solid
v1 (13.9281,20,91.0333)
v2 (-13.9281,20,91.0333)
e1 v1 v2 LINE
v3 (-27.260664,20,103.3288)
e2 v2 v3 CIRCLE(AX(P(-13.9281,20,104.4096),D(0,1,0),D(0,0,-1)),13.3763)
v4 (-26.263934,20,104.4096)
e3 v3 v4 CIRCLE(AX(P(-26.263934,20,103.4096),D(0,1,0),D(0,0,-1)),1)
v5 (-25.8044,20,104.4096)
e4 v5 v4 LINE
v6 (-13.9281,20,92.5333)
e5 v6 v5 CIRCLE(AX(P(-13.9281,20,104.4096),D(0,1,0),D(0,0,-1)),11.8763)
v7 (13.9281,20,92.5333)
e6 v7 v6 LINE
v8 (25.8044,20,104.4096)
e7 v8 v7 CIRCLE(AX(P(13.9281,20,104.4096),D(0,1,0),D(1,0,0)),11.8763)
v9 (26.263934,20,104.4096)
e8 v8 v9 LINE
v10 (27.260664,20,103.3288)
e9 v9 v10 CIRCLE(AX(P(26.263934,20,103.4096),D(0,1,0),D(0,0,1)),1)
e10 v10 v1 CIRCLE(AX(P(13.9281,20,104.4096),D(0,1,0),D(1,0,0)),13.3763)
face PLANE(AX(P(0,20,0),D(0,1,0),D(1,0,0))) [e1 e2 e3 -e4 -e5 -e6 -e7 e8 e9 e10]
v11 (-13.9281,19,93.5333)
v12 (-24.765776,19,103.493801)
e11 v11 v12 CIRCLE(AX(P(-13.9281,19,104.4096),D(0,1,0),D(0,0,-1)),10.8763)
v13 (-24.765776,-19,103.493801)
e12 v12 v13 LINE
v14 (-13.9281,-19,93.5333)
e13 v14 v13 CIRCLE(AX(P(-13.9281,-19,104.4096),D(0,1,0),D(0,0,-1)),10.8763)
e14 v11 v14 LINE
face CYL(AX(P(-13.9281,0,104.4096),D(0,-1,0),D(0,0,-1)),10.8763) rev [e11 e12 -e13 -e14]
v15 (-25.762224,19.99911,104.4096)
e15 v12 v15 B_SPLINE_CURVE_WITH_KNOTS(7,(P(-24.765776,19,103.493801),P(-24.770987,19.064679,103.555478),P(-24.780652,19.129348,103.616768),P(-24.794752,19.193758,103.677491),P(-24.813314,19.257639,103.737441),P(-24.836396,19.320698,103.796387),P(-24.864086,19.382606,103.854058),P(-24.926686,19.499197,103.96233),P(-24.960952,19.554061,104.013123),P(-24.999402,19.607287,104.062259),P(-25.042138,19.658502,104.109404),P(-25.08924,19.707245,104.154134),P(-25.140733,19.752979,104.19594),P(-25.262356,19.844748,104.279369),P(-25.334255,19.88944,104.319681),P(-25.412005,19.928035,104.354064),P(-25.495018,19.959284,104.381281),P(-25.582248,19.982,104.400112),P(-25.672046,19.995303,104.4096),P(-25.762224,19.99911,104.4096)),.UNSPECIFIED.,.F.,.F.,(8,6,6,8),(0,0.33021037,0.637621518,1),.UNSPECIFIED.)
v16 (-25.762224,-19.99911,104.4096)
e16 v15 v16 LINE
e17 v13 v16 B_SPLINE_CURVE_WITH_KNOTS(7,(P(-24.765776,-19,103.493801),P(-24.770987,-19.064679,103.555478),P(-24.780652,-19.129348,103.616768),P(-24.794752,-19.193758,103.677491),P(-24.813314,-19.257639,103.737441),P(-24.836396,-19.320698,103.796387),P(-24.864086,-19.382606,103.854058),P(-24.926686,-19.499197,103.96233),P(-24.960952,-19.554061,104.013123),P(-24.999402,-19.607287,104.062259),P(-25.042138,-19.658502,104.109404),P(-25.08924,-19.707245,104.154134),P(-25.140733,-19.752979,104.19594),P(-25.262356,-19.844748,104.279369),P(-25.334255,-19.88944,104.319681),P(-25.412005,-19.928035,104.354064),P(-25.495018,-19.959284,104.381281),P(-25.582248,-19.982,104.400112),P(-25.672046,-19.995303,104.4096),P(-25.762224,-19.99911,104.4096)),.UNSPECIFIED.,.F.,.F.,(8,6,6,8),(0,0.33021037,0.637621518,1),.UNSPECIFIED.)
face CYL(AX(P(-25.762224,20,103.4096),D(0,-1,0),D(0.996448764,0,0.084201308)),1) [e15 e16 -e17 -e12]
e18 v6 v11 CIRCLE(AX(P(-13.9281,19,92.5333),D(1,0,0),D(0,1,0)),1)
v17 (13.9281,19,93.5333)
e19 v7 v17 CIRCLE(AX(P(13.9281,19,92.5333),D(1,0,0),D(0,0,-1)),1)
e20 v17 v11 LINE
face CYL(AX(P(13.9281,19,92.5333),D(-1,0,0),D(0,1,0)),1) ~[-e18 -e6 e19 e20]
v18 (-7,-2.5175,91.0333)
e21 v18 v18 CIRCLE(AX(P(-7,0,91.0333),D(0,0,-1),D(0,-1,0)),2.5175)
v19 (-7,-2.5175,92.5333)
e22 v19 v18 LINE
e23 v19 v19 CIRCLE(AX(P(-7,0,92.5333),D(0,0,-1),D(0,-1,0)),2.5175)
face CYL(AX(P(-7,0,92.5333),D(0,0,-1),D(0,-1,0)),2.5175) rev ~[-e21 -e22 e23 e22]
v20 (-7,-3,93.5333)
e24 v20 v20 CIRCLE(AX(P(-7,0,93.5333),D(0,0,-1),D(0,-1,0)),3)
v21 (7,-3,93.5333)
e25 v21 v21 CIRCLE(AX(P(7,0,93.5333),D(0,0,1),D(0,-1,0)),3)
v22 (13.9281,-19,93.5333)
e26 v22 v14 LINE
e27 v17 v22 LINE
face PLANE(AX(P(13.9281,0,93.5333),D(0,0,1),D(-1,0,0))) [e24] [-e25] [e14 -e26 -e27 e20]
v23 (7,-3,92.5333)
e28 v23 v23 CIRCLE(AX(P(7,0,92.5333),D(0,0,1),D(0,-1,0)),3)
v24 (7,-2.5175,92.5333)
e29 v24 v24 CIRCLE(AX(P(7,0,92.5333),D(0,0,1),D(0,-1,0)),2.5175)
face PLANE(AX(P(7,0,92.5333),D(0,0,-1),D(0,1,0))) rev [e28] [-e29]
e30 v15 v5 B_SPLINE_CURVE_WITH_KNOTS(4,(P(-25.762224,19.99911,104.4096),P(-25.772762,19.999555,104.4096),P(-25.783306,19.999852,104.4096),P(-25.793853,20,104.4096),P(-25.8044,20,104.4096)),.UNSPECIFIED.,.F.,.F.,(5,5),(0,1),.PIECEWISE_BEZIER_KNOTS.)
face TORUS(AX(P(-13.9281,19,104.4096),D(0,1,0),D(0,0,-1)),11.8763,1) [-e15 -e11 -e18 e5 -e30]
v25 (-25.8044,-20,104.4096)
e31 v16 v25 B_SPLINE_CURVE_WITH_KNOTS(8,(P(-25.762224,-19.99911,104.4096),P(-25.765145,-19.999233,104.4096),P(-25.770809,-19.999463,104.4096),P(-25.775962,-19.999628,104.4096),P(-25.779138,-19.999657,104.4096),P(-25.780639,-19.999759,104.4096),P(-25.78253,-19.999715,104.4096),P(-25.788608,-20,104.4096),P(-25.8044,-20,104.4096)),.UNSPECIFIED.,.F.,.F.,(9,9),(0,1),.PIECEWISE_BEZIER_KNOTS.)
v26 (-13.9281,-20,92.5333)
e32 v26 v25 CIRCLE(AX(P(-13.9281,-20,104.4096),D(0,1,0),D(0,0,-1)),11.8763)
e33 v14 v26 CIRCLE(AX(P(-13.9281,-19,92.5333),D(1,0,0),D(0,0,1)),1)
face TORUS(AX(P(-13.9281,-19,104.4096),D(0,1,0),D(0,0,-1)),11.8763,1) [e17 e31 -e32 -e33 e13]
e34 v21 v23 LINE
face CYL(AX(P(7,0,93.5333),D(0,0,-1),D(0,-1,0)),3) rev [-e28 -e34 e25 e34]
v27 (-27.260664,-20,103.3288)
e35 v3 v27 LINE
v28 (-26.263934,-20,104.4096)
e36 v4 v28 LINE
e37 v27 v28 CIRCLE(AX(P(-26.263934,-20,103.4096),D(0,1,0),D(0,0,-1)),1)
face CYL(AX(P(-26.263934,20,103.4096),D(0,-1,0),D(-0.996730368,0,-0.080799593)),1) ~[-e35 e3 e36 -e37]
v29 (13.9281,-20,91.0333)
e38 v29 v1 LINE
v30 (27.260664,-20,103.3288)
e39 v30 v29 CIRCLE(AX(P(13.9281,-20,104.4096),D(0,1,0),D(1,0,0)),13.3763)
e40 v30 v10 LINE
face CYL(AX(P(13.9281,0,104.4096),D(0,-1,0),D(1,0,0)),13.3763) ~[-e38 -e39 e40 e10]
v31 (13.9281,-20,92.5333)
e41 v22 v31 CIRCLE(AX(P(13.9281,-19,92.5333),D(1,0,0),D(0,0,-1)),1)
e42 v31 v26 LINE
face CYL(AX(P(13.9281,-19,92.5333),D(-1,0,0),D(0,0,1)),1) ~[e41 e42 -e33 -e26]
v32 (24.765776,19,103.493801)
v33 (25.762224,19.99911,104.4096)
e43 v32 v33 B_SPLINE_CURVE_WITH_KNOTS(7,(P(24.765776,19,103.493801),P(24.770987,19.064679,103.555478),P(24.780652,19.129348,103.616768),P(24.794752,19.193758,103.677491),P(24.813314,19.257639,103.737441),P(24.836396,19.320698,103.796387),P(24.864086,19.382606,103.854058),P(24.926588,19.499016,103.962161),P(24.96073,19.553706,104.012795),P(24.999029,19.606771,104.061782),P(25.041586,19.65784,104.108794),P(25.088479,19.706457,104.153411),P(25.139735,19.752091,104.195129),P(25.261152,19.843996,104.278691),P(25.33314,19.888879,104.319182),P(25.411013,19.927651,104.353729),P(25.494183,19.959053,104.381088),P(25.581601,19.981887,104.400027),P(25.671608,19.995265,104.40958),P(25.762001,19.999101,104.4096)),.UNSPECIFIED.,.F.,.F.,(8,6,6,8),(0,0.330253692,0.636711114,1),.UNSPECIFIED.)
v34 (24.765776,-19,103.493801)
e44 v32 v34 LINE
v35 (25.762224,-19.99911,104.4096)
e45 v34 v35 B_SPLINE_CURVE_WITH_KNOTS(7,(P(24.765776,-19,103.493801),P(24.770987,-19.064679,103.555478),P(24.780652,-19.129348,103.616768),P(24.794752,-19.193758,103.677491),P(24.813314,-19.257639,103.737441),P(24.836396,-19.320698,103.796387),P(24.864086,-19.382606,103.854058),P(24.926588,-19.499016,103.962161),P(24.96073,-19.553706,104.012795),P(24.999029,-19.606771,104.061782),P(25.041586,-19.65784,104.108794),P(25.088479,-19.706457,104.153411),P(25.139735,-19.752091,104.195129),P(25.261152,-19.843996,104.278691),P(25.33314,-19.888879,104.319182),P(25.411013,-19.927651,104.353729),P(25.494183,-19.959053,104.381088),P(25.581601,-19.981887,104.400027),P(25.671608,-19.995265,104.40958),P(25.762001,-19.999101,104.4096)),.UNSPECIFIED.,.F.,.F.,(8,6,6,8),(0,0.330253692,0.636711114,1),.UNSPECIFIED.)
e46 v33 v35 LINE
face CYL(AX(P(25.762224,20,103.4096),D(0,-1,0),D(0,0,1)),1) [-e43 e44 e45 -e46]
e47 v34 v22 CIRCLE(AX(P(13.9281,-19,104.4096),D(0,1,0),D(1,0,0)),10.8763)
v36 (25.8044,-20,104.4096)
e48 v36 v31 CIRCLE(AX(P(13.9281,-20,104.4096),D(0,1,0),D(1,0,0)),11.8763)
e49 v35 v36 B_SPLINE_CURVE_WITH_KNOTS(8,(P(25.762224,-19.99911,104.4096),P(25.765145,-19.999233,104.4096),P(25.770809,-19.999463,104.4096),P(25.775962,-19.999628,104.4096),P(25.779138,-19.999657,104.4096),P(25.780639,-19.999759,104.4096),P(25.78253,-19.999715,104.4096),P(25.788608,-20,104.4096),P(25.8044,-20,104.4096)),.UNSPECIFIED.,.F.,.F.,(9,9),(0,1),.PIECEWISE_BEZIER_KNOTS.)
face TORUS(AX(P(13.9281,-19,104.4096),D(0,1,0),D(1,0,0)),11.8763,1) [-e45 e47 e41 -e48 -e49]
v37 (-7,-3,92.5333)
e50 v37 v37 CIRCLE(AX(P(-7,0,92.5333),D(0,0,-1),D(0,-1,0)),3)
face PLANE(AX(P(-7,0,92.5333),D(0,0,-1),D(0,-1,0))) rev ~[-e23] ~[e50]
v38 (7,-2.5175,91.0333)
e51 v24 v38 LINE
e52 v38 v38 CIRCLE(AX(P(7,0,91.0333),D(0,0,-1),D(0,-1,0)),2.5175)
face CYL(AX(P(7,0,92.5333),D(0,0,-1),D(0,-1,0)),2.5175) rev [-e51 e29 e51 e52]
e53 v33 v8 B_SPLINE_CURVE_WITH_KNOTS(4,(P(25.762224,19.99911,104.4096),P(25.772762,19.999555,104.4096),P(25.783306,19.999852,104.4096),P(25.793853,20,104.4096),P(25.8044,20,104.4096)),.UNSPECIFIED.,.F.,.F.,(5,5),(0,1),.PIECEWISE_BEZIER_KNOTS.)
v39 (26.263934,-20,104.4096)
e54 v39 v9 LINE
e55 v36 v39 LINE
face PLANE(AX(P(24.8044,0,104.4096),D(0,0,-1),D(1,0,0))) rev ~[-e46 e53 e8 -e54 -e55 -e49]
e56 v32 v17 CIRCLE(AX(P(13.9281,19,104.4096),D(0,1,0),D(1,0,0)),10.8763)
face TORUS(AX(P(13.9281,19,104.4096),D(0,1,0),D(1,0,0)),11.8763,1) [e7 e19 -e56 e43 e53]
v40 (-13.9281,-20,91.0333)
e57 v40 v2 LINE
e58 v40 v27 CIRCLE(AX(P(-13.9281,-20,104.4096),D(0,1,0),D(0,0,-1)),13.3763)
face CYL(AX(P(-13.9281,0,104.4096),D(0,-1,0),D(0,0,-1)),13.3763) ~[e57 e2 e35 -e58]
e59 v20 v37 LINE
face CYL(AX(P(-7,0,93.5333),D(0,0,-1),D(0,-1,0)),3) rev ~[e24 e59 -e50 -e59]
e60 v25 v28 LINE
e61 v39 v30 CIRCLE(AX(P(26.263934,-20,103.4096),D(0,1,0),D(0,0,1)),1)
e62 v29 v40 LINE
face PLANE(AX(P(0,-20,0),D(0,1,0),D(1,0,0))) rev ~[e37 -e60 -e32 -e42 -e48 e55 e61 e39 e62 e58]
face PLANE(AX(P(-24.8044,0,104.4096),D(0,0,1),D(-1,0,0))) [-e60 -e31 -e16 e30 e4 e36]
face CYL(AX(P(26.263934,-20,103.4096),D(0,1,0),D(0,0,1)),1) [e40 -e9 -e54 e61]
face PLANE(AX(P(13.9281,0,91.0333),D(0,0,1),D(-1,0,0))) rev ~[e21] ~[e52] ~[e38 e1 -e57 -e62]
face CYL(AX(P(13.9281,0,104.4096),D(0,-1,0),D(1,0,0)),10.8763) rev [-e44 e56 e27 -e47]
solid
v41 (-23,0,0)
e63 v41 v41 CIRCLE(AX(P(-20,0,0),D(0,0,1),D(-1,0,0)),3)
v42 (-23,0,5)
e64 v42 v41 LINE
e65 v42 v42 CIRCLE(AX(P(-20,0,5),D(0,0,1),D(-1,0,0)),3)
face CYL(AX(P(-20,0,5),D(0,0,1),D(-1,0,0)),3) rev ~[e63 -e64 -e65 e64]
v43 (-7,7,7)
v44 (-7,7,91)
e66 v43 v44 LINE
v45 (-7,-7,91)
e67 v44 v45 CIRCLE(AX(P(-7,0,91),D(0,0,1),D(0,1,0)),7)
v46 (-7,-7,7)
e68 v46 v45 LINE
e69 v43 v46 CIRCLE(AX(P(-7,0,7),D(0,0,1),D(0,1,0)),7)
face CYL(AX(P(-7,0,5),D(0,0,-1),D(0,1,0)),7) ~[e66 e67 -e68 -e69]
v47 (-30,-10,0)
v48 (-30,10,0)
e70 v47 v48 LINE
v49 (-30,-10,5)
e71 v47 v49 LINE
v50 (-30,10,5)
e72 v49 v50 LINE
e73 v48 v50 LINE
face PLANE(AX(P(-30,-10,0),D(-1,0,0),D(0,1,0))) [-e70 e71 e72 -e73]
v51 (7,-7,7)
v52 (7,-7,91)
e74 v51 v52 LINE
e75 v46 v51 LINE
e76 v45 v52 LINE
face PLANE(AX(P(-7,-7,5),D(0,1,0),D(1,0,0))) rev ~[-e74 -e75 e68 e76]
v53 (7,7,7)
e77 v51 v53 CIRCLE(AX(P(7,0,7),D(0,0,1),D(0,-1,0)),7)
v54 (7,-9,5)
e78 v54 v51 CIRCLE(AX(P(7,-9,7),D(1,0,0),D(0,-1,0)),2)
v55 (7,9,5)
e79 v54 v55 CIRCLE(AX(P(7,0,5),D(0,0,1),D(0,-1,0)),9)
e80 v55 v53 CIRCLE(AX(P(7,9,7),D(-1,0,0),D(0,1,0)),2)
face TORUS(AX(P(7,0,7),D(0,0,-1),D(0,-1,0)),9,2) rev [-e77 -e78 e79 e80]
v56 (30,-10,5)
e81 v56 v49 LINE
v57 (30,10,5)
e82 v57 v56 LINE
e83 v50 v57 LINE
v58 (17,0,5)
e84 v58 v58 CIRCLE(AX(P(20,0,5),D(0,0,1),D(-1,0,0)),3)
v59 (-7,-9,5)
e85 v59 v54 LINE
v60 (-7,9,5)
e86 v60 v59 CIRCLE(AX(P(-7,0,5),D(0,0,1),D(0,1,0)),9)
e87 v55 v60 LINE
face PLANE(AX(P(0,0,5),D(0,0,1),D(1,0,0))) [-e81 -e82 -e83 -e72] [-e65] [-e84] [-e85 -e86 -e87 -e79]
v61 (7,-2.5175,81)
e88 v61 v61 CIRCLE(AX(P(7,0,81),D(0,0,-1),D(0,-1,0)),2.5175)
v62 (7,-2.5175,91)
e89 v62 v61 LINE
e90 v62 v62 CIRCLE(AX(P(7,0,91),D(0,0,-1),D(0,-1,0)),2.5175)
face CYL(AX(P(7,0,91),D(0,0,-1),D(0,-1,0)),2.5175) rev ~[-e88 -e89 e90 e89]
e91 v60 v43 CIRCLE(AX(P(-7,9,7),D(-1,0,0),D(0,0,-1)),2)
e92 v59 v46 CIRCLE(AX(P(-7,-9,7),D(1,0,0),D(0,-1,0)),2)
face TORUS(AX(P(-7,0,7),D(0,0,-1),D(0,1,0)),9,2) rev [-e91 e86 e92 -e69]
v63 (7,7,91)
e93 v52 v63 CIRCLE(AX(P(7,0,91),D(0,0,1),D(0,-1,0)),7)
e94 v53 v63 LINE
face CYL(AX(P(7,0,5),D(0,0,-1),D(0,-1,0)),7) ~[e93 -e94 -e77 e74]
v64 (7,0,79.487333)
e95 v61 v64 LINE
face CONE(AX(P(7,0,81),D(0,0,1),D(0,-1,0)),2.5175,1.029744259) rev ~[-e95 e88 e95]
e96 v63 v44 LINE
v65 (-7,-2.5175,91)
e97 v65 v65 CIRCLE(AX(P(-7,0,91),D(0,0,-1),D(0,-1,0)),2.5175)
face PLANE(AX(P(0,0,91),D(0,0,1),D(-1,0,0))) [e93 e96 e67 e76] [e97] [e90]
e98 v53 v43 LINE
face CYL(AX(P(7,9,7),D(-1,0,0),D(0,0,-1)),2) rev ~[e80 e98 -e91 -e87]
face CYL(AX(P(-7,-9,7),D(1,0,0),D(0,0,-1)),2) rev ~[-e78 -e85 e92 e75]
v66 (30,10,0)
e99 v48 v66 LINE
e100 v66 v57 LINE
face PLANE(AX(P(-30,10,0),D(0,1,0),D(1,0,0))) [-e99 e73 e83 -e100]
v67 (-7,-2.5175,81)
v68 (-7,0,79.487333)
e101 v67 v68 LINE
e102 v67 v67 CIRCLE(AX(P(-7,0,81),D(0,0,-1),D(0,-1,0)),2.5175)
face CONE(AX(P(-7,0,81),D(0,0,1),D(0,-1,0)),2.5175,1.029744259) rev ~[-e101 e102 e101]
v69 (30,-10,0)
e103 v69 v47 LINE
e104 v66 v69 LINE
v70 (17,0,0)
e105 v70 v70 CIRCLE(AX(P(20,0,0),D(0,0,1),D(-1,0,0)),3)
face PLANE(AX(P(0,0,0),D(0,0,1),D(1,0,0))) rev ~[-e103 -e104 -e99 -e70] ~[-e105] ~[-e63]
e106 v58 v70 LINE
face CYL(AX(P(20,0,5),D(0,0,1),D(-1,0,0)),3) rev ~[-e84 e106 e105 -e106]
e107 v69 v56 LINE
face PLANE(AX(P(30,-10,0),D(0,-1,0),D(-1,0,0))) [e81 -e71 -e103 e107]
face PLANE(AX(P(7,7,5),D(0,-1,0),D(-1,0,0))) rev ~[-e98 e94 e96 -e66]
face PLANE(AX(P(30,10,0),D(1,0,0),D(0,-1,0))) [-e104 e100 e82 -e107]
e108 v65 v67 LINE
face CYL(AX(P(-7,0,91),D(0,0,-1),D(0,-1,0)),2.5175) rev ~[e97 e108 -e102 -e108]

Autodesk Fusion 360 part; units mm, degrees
sketch "Boceto1" plane through (0, 0, 0) normal (0, 0, 1) x (1, 0, 0)
  line L0 (-30, 10) -> (30, 10)
  line L1 (30, 10) -> (30, -10)
  line L2 (30, -10) -> (-30, -10)
  line L3 (-30, -10) -> (-30, 10)
  point P0 (0, 10)
  point P1 (-30, 0)
  dimension "d1" = 60
  dimension "d2" = 20
extrude "Extruir1" add sketch "Boceto1" along normal blind 5 makes body 1
sketch "Boceto2" plane through (0, 0, 5) normal (0, 0, 1) x (-1, 0, 0)
  line L0 (30, 10) -> (-30, 10)
  line L1 (-30, 10) -> (-30, -10)
  line L2 (-30, -10) -> (30, -10)
  line L3 (30, -10) -> (30, 10)
  line L4 (7, 7) -> (-7, 7)
  arc A0 (-7, 7) -> (-7, -7) centre (-7, 0) ccw
  line L5 (-7, -7) -> (7, -7)
  arc A1 (7, -7) -> (7, 7) centre (7, 0) ccw
  line L6 (7, 0) -> (-7, 0) construction
  dimension "d30" = 14
  dimension "d31" = 7
extrude "Extruir2" add sketch "Boceto2" along normal blind 86 contours L4 A0 L5 A1 bodies 1
sketch "Boceto3" plane through (0, 0, 0) normal (0, 1, 0) x (1, 0, 0)
  arc A0 (27.3044, -104.4096) -> (13.9281, -91.0333) centre (13.9281, -104.4096) ccw
  line L0 (13.9281, -91.0333) -> (-13.9281, -91.0333)
  arc A1 (-13.9281, -91.0333) -> (-27.3044, -104.4096) centre (-13.9281, -104.4096) ccw
  line L1 (-13.9281, -104.4096) -> (13.9281, -104.4096) construction
  arc A2 (24.8044, -104.4096) -> (13.9281, -93.5333) centre (13.9281, -104.4096) ccw
  line L2 (13.9281, -93.5333) -> (-13.9281, -93.5333)
  arc A3 (-13.9281, -93.5333) -> (-24.8044, -104.4096) centre (-13.9281, -104.4096) ccw
  line L3 (-13.9281, -104.4096) -> (13.9281, -104.4096) construction
  line L4 (-24.8044, -104.4096) -> (-27.3044, -104.4096)
  line L5 (24.8044, -104.4096) -> (27.3044, -104.4096)
  point P0 (0, -104.4096)
extrude "Extruir3" add sketch "Boceto3" along normal blind 20 and the other way blind 20 separate body makes body 2
fillet "Empalme1" radius 2 4 edges at (14, 0, 5) (0, -7, 5) (-14, 0, 5) (0, 7, 5) on bodies 1
sketch "Boceto4" plane through (0, 0, 5) normal (0, 0, 1) x (-1, 0, 0)
  line L0 (30, 10) -> (-30, 10)
  line L1 (-30, 10) -> (-30, -10)
  line L2 (-30, -10) -> (30, -10)
  line L3 (30, -10) -> (30, 10)
  circle A0 centre (20, 0) radius 3
  circle A1 centre (-20, 0) radius 3
  arc A2 (-7, 9) -> (-7, -9) centre (-7, 0) ccw
  line L4 (-7, 9) -> (7, 9)
  arc A3 (7, -9) -> (7, 9) centre (7, 0) ccw
  line L5 (7, -9) -> (-7, -9)
  dimension "d16" = 6
  dimension "d17" = 6
  dimension "d18" = 40
extrude "Extruir4" cut sketch "Boceto4" against normal blind 10 contours A0 | A1 bodies 1
hole "Agujero1" at (7, 0, 91) direction (0, 0, -1) diameter 5.035 depth 10 tip angle 118 bodies 1
hole "Agujero2" at (-7, 0, 91) direction (0, 0, -1) diameter 5.035 depth 10 tip angle 118 bodies 1
fillet "Empalme2" radius 1 8 edges at (-24.8044, 0, 104.4096) (21.6188, -20, 96.7189) (0, -20, 93.5333) (-21.6188, -20, 96.7189) (-21.6188, 20, 96.7189) (0, 20, 93.5333) (21.6188, 20, 96.7189) (24.8044, 0, 104.4096) on bodies 2
fillet "Empalme3" radius 1 2 edges at (-27.3044, 0, 104.4096) (27.3044, 0, 104.4096) on bodies 2
hole "Agujero3" at (-7, 0, 93.5333) direction (0, 0, -1) diameter 5.035 depth 10 tip angle 118 counterbore diameter 6 counterbore depth 1 bodies 2
mirror "Simetría1" about plane through (0, 0, 0) normal (1, 0, 0) of "Agujero3"
